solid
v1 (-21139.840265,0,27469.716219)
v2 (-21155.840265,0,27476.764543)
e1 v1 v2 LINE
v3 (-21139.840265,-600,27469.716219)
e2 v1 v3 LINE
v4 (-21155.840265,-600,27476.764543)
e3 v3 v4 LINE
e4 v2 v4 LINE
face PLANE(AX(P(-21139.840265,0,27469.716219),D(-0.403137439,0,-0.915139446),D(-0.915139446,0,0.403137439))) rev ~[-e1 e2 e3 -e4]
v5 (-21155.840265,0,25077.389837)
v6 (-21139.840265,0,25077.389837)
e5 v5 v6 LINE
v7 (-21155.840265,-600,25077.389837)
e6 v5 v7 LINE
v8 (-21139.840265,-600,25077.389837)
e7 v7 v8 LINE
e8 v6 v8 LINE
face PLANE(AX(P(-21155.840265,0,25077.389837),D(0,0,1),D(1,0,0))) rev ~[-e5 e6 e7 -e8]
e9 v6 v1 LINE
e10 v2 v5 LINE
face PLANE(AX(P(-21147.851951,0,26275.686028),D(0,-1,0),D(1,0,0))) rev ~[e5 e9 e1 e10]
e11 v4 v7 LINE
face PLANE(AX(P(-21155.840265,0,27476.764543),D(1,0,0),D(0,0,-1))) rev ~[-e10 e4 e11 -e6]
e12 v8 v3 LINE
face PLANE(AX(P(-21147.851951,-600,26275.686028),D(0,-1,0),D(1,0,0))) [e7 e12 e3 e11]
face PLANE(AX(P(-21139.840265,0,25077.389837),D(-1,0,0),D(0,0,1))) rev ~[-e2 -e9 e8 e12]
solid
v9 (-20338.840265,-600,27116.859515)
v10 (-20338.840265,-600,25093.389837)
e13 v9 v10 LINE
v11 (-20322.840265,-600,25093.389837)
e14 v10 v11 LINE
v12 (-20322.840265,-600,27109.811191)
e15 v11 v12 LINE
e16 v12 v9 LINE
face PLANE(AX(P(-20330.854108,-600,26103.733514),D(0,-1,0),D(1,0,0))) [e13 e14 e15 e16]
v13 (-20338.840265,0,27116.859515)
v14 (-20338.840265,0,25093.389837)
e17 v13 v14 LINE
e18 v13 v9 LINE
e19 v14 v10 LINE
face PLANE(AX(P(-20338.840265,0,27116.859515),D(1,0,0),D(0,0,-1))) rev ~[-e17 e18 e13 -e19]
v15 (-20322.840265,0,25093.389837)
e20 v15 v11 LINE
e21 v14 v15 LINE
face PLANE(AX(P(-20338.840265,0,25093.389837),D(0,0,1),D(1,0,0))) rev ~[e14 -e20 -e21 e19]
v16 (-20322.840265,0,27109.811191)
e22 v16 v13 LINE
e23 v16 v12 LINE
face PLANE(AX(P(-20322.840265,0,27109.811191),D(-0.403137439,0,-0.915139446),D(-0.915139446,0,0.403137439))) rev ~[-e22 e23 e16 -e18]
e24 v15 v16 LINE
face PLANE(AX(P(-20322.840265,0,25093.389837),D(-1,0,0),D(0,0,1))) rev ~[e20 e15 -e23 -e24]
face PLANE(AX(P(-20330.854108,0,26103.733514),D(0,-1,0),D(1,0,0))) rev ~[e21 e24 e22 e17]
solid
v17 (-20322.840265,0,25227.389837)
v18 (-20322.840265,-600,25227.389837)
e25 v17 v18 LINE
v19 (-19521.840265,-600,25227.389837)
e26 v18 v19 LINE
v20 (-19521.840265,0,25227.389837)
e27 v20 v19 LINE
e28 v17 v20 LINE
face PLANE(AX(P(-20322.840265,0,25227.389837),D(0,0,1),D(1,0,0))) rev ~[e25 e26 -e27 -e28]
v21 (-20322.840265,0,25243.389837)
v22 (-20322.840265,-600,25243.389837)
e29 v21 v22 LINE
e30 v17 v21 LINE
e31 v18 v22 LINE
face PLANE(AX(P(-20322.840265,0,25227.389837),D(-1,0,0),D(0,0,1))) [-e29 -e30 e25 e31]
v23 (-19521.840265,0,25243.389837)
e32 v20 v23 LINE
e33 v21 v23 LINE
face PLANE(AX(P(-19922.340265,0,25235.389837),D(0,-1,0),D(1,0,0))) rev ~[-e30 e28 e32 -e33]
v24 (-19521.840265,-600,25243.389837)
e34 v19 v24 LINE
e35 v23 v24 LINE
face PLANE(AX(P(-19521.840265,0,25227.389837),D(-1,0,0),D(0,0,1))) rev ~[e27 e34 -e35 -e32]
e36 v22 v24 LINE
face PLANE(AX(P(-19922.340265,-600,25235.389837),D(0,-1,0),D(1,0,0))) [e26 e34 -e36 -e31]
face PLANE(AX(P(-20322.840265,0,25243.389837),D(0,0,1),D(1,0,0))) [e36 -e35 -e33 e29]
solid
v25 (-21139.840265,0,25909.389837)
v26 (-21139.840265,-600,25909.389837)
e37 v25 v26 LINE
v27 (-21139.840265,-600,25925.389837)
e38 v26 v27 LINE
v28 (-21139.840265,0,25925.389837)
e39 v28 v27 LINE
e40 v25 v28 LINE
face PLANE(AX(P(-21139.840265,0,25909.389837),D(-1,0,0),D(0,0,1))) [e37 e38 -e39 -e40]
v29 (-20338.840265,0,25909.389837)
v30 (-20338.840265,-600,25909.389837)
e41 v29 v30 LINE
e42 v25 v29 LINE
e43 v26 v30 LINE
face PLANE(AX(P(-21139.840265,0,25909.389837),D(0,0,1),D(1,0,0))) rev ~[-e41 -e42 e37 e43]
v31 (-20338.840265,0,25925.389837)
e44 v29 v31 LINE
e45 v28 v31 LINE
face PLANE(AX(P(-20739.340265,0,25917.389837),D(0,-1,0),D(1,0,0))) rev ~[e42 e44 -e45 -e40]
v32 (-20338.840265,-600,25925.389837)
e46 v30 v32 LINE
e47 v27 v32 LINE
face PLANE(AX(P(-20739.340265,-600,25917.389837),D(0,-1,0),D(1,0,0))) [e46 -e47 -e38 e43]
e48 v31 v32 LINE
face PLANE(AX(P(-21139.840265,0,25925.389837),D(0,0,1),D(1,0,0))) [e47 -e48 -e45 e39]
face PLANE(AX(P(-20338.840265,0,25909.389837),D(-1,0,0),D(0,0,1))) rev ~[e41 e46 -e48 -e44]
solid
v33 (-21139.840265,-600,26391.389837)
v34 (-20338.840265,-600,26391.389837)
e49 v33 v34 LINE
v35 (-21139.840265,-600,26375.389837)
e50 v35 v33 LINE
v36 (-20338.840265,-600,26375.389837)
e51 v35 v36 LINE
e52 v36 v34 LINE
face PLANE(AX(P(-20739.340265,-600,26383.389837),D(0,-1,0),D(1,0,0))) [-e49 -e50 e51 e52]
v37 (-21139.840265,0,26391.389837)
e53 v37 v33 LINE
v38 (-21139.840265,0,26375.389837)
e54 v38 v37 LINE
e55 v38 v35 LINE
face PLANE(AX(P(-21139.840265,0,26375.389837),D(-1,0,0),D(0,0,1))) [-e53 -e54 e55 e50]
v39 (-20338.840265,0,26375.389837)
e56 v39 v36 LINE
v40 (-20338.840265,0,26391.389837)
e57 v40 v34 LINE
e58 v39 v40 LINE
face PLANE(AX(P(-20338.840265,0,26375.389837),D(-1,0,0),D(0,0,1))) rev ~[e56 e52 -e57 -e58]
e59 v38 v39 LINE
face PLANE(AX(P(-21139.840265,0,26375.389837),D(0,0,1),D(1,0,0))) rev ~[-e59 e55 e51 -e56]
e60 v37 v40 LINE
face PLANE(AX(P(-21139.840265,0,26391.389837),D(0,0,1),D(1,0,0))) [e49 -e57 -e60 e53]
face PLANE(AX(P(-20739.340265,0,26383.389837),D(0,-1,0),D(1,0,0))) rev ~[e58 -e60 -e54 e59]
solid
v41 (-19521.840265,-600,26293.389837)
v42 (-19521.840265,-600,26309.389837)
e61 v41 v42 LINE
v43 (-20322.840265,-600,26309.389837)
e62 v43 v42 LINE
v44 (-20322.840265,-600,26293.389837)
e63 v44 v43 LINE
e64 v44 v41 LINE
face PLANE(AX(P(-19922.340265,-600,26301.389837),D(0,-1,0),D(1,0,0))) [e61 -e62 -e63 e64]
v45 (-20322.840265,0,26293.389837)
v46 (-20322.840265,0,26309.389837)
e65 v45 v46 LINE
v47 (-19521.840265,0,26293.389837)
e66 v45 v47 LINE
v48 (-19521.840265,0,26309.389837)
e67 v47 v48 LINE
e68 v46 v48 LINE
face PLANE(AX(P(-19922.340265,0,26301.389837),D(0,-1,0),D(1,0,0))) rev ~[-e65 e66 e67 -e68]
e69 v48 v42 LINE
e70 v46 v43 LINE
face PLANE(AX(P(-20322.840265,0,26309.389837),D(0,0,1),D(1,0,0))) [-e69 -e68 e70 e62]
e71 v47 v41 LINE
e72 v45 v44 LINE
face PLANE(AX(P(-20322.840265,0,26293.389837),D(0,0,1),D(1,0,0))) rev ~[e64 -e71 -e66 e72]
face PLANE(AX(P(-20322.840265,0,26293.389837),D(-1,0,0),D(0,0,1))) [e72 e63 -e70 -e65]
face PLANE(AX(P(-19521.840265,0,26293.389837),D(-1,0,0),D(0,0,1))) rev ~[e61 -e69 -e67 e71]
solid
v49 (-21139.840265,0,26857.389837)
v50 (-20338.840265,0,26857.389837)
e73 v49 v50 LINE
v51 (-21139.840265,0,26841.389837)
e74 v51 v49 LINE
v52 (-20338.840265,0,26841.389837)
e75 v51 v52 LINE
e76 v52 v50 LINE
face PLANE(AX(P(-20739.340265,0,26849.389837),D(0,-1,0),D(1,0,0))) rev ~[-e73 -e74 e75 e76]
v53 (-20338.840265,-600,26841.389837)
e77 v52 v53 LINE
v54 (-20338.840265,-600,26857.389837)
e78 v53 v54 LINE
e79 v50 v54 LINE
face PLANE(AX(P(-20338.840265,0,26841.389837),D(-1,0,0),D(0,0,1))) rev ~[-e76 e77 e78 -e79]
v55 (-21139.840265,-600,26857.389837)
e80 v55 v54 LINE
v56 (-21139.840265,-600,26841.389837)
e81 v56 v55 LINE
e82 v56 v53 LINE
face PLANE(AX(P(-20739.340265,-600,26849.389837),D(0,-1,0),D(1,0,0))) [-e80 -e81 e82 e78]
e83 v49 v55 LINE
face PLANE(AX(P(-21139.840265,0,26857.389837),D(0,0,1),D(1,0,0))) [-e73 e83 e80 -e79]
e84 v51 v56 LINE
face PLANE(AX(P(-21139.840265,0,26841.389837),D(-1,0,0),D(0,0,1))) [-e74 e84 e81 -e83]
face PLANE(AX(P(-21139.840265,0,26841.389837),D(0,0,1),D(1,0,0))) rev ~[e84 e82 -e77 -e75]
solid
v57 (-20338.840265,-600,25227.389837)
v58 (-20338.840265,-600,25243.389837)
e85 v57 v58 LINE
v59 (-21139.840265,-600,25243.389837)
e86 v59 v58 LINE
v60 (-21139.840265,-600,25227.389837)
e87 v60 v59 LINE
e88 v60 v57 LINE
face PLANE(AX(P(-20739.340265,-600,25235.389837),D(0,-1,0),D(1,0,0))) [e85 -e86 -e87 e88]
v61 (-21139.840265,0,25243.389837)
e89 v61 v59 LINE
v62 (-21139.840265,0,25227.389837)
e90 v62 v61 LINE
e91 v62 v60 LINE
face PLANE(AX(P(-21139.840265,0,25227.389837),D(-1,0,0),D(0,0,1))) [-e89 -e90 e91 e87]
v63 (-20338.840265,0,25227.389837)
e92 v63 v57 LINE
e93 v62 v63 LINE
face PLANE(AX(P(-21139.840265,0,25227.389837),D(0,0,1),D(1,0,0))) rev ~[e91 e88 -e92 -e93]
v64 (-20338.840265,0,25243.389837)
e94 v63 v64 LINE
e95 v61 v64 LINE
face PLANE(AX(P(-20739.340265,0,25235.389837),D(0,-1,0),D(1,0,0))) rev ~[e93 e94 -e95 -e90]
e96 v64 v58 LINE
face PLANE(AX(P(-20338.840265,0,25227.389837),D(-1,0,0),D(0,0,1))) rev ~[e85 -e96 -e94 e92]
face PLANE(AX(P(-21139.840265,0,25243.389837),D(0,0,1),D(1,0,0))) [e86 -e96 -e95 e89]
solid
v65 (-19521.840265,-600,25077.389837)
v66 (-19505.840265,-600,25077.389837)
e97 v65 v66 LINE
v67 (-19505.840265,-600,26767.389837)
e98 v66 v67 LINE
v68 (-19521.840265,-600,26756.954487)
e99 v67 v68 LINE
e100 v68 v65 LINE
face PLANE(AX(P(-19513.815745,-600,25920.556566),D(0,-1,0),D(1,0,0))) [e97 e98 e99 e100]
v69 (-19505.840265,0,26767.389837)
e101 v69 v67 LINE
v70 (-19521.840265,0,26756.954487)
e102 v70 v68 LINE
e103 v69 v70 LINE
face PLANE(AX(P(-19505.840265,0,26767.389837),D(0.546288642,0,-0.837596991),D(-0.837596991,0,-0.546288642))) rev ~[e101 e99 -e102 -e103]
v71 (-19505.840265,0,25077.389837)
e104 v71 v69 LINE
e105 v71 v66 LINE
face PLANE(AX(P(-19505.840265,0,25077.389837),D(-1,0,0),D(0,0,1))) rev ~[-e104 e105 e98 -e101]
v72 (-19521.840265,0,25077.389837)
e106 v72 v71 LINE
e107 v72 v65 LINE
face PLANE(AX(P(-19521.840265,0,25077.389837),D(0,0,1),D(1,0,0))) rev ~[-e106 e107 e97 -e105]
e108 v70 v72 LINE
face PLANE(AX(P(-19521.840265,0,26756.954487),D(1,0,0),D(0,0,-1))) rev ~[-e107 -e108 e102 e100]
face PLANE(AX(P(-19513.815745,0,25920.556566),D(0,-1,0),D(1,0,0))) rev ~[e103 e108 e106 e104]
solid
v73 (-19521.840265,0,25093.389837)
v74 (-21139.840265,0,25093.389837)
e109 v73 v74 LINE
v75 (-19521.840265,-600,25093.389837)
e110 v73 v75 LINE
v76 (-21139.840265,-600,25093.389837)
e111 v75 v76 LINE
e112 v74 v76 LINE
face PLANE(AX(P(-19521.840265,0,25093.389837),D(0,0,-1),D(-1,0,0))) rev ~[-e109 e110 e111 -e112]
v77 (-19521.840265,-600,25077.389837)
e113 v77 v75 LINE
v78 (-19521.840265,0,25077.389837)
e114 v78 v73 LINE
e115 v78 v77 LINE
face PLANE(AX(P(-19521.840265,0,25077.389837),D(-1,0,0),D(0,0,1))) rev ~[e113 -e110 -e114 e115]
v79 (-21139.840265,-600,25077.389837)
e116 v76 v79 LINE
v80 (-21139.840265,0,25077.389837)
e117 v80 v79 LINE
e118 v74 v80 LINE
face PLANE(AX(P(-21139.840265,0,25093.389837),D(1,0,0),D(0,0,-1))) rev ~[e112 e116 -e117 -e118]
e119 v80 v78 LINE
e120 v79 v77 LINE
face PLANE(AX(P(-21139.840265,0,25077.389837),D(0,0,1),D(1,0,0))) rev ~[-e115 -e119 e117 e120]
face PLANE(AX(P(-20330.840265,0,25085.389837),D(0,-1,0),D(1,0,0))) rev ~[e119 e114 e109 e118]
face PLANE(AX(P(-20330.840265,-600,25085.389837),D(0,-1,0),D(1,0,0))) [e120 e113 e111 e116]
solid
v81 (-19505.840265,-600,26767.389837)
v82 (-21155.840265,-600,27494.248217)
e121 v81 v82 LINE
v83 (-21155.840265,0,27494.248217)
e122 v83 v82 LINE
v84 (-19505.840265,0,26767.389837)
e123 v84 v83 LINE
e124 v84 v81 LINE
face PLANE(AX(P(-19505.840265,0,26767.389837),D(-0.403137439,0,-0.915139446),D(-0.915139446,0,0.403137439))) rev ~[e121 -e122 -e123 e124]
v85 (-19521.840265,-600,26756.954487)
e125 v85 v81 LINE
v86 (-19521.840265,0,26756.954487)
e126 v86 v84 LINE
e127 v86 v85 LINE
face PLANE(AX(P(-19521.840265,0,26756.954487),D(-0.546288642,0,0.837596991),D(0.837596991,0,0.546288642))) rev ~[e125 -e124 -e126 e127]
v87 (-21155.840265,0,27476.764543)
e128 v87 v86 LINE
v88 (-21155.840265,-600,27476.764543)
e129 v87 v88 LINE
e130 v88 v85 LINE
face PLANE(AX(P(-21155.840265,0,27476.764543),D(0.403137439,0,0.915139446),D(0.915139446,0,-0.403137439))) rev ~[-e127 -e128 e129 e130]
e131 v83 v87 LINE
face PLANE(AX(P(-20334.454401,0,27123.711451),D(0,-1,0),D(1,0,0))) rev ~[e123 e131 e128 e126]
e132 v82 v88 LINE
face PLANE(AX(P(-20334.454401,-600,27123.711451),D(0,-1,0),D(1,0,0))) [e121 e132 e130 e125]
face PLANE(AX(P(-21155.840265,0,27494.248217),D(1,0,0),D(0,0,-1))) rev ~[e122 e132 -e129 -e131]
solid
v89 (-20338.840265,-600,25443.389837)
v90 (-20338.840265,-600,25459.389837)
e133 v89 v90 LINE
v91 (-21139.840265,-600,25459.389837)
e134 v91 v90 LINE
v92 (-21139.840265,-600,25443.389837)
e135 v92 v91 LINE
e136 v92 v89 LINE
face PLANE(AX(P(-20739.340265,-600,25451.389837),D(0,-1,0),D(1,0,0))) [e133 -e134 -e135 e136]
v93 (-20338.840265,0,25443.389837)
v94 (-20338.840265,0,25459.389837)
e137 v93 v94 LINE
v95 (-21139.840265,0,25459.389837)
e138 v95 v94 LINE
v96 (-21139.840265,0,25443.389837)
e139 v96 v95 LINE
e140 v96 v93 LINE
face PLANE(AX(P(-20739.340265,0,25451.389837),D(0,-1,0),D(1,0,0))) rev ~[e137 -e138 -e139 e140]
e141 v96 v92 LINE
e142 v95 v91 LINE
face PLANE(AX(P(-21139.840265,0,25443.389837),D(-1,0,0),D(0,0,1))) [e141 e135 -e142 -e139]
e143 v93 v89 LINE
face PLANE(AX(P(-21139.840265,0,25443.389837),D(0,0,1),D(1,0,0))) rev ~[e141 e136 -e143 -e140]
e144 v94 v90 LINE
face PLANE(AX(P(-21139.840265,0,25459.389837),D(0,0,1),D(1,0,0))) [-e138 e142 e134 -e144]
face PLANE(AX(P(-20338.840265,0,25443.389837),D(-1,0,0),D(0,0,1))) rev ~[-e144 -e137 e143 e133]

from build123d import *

# Parameters (mm, degrees)
F1_DEPTH = 600
F2_DEPTH = 600
F3_DEPTH = 600
F4_DEPTH = 600
F5_DEPTH = 600
F0_W     = 801
F0_H     = 16
F6_DEPTH = 600


with BuildPart() as f1:
    # F0 (on Front) → F1 (new body)
    with BuildSketch(Plane.XZ):
        Polygon((-21155.8402650225, 25077.389837374), (-21139.8402650225, 25077.389837374), (-21139.8402650225, 25093.389837374), (-21139.8402650225, 25227.389837374), (-21139.8402650225, 25243.389837374), (-21139.8402650225, 25443.389837374), (-21139.8402650225, 25459.389837374), (-21139.8402650225, 25909.389837374), (-21139.8402650225, 25925.389837374), (-21139.8402650225, 26375.389837374), (-21139.8402650225, 26391.389837374), (-21139.8402650225, 26841.389837374), (-21139.8402650225, 26857.389837374), (-21139.8402650225, 27469.716218893), (-21155.8402650225, 27476.7645425729), align=None)
    extrude(amount=F1_DEPTH)


with BuildPart() as f2:
    # F0 (on Front) → F2 (new body)
    with BuildSketch(Plane.XZ):
        Polygon((-19521.8402650225, 26756.9544867634), (-19505.8402650225, 26767.3898373741), (-21155.8402650225, 27494.2482168634), (-21155.8402650225, 27476.7645425729), (-21139.8402650225, 27469.716218893), (-20338.8402650225, 27116.8595146682), (-20322.8402650225, 27109.8111909883), align=None)
    extrude(amount=F2_DEPTH)


with BuildPart() as f3:
    # F0 (on Front) → F3 (new body)
    with BuildSketch(Plane.XZ):
        Polygon((-19521.8402650225, 25077.389837374), (-19505.8402650225, 25077.389837374), (-19505.8402650225, 26767.3898373741), (-19521.8402650225, 26756.9544867634), (-19521.8402650225, 26309.389837374), (-19521.8402650225, 26293.389837374), (-19521.8402650225, 25243.389837374), (-19521.8402650225, 25227.389837374), (-19521.8402650225, 25093.389837374), align=None)
    extrude(amount=F3_DEPTH)


with BuildPart() as f4:
    # F0 (on Front) → F4 (new body)
    with BuildSketch(Plane.XZ):
        Polygon((-21139.8402650225, 25077.389837374), (-19521.8402650225, 25077.389837374), (-19521.8402650225, 25093.389837374), (-20322.8402650225, 25093.389837374), (-20338.8402650225, 25093.389837374), (-21139.8402650225, 25093.389837374), align=None)
    extrude(amount=F4_DEPTH)


with BuildPart() as f5:
    # F0 (on Front) → F5 (new body)
    with BuildSketch(Plane.XZ):
        Polygon((-20338.8402650225, 25093.389837374), (-20322.8402650225, 25093.389837374), (-20322.8402650225, 25227.389837374), (-20322.8402650225, 25243.389837374), (-20322.8402650225, 26293.389837374), (-20322.8402650225, 26309.389837374), (-20322.8402650225, 27109.8111909883), (-20338.8402650225, 27116.8595146682), (-20338.8402650225, 26857.389837374), (-20338.8402650225, 26841.389837374), (-20338.8402650225, 26391.389837374), (-20338.8402650225, 26375.389837374), (-20338.8402650225, 25925.389837374), (-20338.8402650225, 25909.389837374), (-20338.8402650225, 25459.389837374), (-20338.8402650225, 25443.389837374), (-20338.8402650225, 25243.389837374), (-20338.8402650225, 25227.389837374), align=None)
    extrude(amount=F5_DEPTH)


with BuildPart() as f6:
    # F0 (on Front) → F6 (new body)
    with BuildSketch(Plane.XZ):
        with Locations((-20739.3402650225, 25235.389837374)):
            Rectangle(F0_W, F0_H)
    extrude(amount=F6_DEPTH)


with BuildPart() as f6b:
    # F0 (on Front) → F6, piece 2 (new body)
    with BuildSketch(Plane.XZ):
        with Locations((-19922.3402650225, 25235.389837374)):
            Rectangle(F0_W, F0_H)
    extrude(amount=F6_DEPTH)


with BuildPart() as f6c:
    # F0 (on Front) → F6, piece 3 (new body)
    with BuildSketch(Plane.XZ):
        with Locations((-20739.3402650225, 25451.389837374)):
            Rectangle(F0_W, F0_H)
    extrude(amount=F6_DEPTH)


with BuildPart() as f6d:
    # F0 (on Front) → F6, piece 4 (new body)
    with BuildSketch(Plane.XZ):
        with Locations((-20739.3402650225, 25917.389837374)):
            Rectangle(F0_W, F0_H)
    extrude(amount=F6_DEPTH)


with BuildPart() as f6e:
    # F0 (on Front) → F6, piece 5 (new body)
    with BuildSketch(Plane.XZ):
        with Locations((-19922.3402650225, 26301.389837374)):
            Rectangle(F0_W, F0_H)
    extrude(amount=F6_DEPTH)


with BuildPart() as f6f:
    # F0 (on Front) → F6, piece 6 (new body)
    with BuildSketch(Plane.XZ):
        with Locations((-20739.3402650225, 26383.389837374)):
            Rectangle(F0_W, F0_H)
    extrude(amount=F6_DEPTH)


with BuildPart() as f6g:
    # F0 (on Front) → F6, piece 7 (new body)
    with BuildSketch(Plane.XZ):
        with Locations((-20739.3402650225, 26849.389837374)):
            Rectangle(F0_W, F0_H)
    extrude(amount=F6_DEPTH)


solid = Compound([f1.part, f2.part, f3.part, f4.part, f5.part, f6.part, f6b.part, f6c.part, f6d.part, f6e.part, f6f.part, f6g.part])
